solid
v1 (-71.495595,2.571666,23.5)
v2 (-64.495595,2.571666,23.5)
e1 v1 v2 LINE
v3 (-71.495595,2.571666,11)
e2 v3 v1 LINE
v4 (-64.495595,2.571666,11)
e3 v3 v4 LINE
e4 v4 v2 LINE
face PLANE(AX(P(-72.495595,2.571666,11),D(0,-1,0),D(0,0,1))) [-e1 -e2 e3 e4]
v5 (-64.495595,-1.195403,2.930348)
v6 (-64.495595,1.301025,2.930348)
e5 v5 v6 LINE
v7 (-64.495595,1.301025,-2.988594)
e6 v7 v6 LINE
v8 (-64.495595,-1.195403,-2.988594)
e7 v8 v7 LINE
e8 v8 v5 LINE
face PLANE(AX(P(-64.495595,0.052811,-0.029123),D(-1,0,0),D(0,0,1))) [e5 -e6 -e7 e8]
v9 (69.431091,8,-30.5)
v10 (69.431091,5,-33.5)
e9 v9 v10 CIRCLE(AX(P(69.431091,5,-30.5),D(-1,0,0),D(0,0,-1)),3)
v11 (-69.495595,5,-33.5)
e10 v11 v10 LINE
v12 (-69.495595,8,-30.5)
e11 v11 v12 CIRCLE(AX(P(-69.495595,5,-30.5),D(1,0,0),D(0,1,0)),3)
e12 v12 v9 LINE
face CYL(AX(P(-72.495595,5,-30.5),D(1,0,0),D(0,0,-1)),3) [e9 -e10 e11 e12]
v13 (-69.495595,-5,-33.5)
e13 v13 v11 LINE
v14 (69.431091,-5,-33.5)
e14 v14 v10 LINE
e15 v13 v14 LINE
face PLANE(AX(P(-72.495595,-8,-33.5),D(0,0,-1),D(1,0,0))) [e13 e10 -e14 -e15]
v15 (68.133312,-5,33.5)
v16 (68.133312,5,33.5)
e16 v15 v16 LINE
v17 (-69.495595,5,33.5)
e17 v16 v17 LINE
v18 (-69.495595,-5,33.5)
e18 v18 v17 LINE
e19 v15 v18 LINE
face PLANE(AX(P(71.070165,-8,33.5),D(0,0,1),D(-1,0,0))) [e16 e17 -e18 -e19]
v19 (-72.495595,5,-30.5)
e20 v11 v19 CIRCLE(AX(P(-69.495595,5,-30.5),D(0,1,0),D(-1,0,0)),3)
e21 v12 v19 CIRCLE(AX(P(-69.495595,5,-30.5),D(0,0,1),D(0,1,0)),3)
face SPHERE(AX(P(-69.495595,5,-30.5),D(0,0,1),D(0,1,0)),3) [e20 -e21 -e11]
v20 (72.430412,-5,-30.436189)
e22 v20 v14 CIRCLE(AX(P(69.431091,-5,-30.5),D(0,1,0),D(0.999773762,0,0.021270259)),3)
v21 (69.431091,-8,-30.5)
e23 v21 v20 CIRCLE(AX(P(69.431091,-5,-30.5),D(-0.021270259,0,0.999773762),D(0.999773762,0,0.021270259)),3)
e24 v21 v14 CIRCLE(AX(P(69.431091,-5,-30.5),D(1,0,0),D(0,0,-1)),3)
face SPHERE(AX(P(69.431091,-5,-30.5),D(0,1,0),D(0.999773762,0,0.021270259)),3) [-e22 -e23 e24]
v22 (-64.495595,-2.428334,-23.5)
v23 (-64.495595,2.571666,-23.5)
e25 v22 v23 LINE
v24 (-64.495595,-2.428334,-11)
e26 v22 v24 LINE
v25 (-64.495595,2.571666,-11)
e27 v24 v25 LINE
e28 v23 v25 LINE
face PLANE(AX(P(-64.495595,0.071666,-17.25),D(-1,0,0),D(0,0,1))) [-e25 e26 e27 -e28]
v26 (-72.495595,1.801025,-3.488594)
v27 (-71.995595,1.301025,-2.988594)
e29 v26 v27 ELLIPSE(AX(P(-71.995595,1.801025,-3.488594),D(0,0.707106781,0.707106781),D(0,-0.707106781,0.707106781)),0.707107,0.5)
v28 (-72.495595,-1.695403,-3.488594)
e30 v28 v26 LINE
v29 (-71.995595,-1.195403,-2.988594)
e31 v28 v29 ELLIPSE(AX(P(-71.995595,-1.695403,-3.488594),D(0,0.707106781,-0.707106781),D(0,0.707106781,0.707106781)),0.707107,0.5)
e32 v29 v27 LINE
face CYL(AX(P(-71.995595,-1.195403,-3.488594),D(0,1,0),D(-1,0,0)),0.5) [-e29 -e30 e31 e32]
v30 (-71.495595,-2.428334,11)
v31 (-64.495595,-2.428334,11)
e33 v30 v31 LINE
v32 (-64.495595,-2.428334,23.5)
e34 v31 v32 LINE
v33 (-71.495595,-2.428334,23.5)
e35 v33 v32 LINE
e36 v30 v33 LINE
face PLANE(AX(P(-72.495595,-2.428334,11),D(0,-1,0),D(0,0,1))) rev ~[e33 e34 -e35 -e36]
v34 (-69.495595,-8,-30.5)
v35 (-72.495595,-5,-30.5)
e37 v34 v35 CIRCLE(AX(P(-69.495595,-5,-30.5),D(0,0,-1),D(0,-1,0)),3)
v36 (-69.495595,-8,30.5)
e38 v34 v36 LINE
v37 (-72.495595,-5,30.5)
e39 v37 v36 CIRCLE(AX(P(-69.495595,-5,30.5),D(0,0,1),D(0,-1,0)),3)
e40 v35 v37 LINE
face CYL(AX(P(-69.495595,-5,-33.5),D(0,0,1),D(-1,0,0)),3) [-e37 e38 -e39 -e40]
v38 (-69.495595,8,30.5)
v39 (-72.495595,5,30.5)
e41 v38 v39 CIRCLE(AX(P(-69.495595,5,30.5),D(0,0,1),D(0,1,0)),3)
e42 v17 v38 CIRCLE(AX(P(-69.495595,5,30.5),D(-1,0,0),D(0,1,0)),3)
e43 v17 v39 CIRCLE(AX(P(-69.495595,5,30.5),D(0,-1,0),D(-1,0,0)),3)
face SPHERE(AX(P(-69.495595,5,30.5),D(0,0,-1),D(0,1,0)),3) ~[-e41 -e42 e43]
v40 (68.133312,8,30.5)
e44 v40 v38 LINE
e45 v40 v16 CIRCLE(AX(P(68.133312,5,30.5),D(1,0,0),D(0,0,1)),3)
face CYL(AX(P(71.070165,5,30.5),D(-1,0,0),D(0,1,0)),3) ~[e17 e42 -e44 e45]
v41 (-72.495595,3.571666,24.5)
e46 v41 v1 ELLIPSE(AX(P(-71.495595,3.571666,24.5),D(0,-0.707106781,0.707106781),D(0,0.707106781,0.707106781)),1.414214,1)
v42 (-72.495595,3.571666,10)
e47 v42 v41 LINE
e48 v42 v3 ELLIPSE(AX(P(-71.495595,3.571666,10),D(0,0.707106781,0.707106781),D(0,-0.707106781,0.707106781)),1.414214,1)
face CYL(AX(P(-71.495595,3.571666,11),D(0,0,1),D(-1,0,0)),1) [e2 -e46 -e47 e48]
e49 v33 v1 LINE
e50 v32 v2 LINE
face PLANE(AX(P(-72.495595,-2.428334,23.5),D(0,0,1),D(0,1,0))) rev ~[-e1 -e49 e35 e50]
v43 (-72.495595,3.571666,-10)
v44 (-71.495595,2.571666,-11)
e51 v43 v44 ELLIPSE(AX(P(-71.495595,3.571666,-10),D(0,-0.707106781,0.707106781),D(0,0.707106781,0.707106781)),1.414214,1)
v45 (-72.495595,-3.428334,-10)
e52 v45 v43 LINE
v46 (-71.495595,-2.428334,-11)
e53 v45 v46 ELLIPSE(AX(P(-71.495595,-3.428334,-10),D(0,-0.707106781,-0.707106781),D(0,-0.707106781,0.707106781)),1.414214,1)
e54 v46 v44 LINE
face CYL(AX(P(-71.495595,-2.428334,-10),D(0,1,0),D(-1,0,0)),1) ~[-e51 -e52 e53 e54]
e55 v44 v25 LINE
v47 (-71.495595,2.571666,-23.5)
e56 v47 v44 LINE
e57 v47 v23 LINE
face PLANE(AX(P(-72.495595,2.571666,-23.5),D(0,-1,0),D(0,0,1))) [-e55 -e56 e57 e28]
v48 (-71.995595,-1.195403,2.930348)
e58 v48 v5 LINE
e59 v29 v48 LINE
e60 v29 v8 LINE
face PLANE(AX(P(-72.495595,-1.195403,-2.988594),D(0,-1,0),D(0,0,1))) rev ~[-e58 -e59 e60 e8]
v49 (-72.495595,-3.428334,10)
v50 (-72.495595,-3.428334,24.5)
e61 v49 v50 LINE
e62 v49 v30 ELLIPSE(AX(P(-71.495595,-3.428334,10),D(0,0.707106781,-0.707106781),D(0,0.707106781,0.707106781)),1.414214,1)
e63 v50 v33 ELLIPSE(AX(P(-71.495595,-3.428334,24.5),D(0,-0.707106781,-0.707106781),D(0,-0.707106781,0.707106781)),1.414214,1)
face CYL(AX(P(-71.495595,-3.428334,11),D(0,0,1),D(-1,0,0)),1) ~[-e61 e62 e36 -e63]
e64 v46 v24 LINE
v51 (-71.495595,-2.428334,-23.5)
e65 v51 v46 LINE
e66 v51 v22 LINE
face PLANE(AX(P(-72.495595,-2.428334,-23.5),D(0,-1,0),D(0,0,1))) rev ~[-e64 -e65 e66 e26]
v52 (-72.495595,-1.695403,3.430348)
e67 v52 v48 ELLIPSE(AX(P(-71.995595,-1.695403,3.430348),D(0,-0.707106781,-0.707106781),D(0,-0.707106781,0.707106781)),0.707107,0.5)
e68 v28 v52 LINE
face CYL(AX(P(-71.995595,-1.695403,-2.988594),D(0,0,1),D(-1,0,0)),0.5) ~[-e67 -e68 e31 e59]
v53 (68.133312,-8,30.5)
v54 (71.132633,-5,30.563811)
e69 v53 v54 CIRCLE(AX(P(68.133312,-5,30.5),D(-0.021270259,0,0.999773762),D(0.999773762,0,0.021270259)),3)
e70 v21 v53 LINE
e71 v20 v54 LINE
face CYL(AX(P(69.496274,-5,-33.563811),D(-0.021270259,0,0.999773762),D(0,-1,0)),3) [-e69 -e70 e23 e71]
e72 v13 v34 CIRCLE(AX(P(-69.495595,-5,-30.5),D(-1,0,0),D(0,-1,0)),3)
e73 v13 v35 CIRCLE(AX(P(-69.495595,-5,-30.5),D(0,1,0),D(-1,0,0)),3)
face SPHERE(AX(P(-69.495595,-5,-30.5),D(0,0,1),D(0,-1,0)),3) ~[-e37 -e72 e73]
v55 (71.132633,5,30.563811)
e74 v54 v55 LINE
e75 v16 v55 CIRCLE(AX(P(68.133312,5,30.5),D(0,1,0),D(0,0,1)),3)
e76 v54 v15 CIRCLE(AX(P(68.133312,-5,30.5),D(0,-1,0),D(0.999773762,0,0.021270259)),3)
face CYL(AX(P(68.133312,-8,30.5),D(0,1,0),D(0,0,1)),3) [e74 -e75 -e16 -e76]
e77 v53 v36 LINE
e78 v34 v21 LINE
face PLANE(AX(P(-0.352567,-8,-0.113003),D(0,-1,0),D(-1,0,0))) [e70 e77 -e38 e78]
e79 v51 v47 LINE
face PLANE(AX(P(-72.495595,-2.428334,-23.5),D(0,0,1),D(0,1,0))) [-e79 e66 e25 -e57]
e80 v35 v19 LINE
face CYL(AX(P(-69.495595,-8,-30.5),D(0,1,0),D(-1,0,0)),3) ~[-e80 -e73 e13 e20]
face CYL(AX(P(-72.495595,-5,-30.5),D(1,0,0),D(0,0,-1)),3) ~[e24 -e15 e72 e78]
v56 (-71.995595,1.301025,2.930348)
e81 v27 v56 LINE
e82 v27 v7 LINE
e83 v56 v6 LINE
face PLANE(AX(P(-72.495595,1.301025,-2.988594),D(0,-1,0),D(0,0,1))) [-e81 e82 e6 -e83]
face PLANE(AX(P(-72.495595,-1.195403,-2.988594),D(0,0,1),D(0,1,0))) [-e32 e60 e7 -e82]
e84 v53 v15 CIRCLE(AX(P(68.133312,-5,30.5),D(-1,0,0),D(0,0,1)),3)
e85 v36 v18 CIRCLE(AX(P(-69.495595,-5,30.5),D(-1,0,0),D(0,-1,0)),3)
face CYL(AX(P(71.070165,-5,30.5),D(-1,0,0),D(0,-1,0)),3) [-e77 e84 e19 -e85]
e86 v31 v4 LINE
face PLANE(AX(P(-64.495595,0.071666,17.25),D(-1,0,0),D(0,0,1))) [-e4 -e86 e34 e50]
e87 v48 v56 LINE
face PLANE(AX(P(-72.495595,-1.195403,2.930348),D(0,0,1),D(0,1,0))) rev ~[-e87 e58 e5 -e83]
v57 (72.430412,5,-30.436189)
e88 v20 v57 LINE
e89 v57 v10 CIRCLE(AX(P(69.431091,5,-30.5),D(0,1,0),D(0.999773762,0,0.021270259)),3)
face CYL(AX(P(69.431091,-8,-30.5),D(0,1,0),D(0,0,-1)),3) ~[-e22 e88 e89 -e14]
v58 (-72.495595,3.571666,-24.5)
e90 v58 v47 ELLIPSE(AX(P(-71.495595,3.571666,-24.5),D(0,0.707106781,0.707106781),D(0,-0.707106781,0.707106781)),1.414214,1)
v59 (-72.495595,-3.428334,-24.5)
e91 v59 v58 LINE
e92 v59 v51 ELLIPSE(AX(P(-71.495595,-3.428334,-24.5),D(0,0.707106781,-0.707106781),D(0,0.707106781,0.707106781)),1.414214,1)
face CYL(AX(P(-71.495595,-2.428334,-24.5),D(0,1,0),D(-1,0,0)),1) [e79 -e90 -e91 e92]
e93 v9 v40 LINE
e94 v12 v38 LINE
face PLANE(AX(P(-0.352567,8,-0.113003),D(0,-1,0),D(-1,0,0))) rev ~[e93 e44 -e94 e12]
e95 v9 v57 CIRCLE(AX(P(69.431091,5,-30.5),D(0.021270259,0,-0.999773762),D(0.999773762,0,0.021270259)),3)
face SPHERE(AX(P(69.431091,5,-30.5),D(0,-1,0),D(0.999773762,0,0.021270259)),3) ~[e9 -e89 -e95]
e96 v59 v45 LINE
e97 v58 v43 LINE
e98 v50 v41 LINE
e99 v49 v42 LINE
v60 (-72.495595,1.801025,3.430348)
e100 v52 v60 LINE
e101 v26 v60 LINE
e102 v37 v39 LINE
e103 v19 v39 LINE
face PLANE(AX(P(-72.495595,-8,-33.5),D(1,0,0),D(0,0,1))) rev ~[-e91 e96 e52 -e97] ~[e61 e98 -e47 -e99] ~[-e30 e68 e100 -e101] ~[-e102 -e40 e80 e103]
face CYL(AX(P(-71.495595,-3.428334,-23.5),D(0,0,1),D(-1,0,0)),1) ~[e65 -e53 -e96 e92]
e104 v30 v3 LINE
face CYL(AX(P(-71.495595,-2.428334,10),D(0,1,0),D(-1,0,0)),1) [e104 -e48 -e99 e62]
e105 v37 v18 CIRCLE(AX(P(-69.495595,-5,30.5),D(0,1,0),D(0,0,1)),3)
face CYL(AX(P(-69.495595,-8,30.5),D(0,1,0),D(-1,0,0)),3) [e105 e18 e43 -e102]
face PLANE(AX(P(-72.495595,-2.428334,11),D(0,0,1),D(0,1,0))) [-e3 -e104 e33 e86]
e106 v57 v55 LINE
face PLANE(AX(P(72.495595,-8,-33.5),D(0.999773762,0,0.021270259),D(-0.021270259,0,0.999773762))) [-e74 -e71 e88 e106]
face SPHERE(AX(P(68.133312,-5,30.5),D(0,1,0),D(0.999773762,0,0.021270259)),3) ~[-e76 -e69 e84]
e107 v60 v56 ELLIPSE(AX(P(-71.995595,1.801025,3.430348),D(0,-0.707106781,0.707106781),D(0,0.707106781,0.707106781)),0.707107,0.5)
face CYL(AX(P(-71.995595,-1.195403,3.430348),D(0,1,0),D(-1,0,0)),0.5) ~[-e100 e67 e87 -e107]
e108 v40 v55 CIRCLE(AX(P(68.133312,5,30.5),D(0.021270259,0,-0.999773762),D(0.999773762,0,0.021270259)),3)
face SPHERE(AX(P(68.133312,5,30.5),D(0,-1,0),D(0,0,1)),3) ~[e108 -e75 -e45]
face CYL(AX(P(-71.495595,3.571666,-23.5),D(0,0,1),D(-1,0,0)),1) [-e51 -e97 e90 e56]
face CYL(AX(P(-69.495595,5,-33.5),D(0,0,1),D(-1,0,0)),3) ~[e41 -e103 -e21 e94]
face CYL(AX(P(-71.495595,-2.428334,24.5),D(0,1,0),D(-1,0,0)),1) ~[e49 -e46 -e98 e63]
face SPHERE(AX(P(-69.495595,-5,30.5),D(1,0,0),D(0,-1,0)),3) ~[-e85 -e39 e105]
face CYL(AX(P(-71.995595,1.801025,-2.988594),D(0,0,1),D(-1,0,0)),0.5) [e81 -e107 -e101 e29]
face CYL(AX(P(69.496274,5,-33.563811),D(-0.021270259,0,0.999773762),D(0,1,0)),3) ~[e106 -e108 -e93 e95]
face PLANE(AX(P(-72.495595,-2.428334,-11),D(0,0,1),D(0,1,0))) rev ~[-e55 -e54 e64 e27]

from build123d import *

# Parameters (mm, degrees)
BOSS_EXTRUDE2_DEPTH      = 8
BOSS_EXTRUDE2_DEPTH_BACK = 8
SKETCH3_W                = 12.5
SKETCH3_H                = 5
SKETCH3_W_2              = 5.918941358
SKETCH3_H_2              = 2.496427957
CUT_EXTRUDE1_DEPTH       = 8
FILLET1_R                = 3
FILLET2_R                = 1
FILLET3_R                = 0.5


with BuildPart() as part:
    # Sketch2 → Boss-Extrude2 (new, two sides: drawn at the far end of the back side and taken through both)
    with BuildSketch(Plane(origin=(0, 0, 0), x_dir=(1, 0, 0), z_dir=(0, 1, 0)).offset(-BOSS_EXTRUDE2_DEPTH_BACK)):
        Polygon((-72.495595293, -0.799164043), (-72.495595293, 33.5), (72.495595293, 33.5), (71.070165431, -33.5), (-72.495595293, -33.5), align=None)
    extrude(amount=BOSS_EXTRUDE2_DEPTH + BOSS_EXTRUDE2_DEPTH_BACK)

    # Sketch3 → Cut-Extrude1 (cut)
    with BuildSketch(Plane.ZY.offset(72.495595293)):
        with Locations((-17.25, 0.071666465)):
            Rectangle(SKETCH3_W, SKETCH3_H)
        with Locations((17.25, 0.071666465)):
            Rectangle(SKETCH3_W, SKETCH3_H)
        with Locations((-0.029122914, 0.052810579)):
            Rectangle(SKETCH3_W_2, SKETCH3_H_2)
    extrude(amount=-CUT_EXTRUDE1_DEPTH, mode=Mode.SUBTRACT)

    # Fillet1
    fillet1_edges = [part.edges().sort_by_distance(p)[0] for p in [
        (71.782880362, -8, 0),
        (-72.495595293, 8, 0),
        (-0.712714931, 8, 33.5),
        (71.782880362, 8, 0),
        (0, 8, -33.5),
        (-0.712714931, -8, 33.5),
        (-72.495595293, -8, 0),
        (0, -8, -33.5),
        (-72.495595293, 0, 33.5),
        (71.070165431, 0, 33.5),
        (72.495595293, 0, -33.5),
        (-72.495595293, 0, -33.5),
    ]]
    fillet(fillet1_edges, radius=FILLET1_R)

    # Fillet2
    fillet2_edges = [part.edges().sort_by_distance(p)[0] for p in [
        (-72.495595293, -2.428333535, 17.25),
        (-72.495595293, 0.071666465, 23.5),
        (-72.495595293, 2.571666465, 17.25),
        (-72.495595293, 0.071666465, 11),
        (-72.495595293, 2.571666465, -17.25),
        (-72.495595293, 0.071666465, -23.5),
        (-72.495595293, -2.428333535, -17.25),
        (-72.495595293, 0.071666465, -11),
    ]]
    fillet(fillet2_edges, radius=FILLET2_R)

    # Fillet3
    fillet3_edges = [part.edges().sort_by_distance(p)[0] for p in [
        (-72.495595293, -1.1954034, -0.029122914),
        (-72.495595293, 0.052810578, 2.930347765),
        (-72.495595293, 1.301024557, -0.029122914),
        (-72.495595293, 0.052810578, -2.988593593),
    ]]
    fillet(fillet3_edges, radius=FILLET3_R)


solid = part.part
